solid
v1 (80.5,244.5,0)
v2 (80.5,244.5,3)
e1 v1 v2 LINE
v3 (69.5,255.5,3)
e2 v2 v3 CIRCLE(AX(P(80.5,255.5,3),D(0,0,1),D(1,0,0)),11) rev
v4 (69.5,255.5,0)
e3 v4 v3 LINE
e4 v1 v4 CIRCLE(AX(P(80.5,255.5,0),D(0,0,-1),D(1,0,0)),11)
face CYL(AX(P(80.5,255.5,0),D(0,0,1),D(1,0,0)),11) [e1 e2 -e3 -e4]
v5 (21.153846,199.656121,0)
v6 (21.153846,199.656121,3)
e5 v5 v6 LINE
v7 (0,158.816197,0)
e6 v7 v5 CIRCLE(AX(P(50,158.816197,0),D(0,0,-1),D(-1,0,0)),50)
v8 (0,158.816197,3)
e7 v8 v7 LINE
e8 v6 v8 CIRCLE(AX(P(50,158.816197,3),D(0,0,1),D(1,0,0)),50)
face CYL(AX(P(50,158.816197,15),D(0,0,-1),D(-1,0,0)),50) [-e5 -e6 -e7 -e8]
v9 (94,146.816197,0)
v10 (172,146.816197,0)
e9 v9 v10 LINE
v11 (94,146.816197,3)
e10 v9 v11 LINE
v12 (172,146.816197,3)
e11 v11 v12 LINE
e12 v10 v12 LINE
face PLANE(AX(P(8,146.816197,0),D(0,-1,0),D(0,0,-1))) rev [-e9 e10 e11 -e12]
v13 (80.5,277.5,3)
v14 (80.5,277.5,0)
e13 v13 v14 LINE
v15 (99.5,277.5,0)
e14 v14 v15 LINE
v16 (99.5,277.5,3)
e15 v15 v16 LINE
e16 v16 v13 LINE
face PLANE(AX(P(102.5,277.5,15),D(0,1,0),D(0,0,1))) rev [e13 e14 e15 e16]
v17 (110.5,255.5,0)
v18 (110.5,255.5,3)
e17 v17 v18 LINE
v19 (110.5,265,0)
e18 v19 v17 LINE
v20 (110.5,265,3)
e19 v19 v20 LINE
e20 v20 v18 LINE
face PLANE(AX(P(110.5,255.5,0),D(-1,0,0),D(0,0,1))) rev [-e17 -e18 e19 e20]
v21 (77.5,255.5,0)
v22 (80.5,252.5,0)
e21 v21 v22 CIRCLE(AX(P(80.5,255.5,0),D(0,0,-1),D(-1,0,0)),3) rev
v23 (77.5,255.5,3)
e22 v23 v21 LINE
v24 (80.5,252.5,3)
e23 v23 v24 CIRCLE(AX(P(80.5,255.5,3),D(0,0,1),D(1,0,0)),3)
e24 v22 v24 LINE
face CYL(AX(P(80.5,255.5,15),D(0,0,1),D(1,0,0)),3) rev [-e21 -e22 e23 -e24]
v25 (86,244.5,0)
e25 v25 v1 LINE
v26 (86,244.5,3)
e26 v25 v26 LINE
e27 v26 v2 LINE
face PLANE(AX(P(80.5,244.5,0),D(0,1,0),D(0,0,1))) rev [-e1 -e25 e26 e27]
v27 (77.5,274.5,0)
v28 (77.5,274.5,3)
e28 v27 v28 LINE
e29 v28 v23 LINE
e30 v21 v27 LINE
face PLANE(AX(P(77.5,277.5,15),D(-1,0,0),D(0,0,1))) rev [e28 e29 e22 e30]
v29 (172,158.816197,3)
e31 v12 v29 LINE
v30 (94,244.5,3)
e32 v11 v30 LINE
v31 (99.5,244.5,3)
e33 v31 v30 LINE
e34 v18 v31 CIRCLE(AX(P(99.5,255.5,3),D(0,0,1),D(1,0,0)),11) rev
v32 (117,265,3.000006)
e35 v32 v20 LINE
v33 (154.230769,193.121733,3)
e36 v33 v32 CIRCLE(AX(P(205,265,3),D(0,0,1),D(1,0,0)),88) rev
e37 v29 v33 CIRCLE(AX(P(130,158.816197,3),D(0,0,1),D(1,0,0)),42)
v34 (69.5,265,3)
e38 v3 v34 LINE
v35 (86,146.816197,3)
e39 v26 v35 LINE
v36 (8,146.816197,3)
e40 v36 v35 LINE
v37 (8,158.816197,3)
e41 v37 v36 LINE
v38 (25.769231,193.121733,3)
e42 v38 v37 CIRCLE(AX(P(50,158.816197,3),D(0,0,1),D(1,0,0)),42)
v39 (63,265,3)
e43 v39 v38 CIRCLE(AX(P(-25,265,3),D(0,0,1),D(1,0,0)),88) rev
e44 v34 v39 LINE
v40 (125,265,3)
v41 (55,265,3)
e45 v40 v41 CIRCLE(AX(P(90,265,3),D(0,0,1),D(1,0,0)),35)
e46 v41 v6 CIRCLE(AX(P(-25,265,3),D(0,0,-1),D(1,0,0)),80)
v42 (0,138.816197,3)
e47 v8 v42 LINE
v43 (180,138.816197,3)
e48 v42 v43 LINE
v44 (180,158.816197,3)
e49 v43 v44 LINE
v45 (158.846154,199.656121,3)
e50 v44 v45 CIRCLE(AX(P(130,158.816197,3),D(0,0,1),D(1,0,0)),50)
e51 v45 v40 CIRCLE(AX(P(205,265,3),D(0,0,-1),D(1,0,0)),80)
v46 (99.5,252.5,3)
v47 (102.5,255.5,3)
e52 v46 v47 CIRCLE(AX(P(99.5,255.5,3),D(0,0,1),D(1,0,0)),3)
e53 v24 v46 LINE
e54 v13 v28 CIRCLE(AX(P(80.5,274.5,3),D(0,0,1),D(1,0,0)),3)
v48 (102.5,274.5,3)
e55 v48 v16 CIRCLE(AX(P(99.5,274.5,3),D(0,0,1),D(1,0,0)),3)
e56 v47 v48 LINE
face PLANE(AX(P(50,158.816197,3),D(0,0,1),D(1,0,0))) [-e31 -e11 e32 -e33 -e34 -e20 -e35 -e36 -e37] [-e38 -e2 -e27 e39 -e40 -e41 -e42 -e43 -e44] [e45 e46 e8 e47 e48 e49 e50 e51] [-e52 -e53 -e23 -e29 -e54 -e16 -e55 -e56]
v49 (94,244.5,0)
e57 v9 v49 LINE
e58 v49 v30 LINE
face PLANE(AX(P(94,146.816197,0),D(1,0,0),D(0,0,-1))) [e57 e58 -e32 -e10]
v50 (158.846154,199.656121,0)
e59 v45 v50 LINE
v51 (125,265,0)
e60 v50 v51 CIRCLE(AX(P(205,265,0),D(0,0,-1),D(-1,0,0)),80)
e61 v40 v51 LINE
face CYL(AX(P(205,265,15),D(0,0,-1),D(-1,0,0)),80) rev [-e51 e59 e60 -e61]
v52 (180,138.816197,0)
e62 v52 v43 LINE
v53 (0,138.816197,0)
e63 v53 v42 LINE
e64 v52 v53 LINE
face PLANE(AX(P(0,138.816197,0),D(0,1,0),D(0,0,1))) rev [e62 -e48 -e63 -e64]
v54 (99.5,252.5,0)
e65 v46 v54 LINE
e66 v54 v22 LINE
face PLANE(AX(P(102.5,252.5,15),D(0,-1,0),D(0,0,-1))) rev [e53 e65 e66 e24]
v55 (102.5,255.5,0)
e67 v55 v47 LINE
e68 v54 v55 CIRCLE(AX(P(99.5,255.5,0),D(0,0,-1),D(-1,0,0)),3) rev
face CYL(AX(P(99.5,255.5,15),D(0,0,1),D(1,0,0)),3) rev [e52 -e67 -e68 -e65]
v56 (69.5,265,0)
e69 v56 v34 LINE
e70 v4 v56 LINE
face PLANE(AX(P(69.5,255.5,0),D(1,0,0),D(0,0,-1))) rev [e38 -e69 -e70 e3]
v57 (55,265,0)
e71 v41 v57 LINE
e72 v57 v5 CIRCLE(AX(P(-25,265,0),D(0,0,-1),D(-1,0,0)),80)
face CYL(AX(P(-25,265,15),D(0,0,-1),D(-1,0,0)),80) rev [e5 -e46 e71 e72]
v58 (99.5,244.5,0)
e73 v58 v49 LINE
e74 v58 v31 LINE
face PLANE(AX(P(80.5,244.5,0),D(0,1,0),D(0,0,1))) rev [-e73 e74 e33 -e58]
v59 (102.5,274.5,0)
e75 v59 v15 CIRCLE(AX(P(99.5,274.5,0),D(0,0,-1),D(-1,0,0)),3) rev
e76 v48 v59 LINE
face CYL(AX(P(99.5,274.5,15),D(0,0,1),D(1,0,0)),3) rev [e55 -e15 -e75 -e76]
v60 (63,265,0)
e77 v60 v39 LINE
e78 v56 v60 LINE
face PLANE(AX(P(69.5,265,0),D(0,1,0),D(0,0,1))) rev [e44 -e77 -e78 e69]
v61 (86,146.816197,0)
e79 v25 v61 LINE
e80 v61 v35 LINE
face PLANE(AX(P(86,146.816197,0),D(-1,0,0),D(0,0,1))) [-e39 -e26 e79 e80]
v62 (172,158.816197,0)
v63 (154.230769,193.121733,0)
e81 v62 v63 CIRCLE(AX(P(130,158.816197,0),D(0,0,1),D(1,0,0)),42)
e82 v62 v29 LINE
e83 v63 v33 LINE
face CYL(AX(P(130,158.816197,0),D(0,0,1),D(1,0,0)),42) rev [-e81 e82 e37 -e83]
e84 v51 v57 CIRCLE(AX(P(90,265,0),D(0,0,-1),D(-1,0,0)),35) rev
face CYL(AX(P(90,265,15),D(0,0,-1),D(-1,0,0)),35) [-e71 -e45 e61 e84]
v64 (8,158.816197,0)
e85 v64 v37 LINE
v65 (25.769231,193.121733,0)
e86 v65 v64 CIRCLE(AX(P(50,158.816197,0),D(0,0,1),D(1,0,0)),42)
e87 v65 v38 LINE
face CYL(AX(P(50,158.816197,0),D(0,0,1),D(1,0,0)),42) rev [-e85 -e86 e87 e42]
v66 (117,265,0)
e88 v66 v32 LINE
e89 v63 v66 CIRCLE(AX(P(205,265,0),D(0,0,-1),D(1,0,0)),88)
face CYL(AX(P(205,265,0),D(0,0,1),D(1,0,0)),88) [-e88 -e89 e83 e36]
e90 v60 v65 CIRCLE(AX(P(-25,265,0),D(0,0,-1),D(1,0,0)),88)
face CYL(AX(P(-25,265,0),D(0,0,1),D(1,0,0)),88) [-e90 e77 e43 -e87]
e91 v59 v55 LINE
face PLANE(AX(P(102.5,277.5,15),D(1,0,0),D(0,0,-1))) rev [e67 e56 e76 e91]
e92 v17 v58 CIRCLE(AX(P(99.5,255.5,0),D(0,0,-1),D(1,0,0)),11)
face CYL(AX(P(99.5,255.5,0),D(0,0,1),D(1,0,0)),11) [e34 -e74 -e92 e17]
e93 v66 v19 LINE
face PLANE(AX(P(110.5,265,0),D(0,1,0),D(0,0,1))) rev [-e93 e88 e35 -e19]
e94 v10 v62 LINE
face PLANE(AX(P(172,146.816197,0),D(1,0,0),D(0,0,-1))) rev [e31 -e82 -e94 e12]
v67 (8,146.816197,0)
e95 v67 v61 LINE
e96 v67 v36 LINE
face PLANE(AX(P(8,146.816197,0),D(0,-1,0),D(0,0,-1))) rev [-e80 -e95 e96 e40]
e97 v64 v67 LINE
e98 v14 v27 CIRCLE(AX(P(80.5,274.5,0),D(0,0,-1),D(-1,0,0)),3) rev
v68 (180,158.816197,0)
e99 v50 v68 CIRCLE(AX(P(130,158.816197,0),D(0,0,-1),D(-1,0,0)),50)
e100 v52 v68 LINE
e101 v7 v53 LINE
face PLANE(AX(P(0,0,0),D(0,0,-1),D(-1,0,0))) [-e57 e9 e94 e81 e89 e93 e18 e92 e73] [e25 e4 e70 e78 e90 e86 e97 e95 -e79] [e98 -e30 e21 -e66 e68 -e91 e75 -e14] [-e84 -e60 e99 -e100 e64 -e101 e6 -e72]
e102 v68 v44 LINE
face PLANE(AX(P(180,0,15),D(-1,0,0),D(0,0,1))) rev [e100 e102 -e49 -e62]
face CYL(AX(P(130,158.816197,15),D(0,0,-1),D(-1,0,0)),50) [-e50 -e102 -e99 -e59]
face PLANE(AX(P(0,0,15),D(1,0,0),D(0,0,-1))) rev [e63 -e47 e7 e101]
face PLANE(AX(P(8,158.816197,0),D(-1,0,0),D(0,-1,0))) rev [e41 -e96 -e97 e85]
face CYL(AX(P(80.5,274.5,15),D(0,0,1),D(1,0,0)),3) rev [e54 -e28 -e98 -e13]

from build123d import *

# Parameters (mm, degrees)
ESQUISSE1_W                  = 180
ESQUISSE1_H                  = 300
BOSS_EXTRU_1_DEPTH           = 15
ESQUISSE2_W                  = 180
ESQUISSE2_H                  = 8.1
ENL_V_MAT_EXTRU_1_DEPTH      = 5
ENL_V_MAT_EXTRU_2_DEPTH      = 10
ENL_V_START                  = -180
ENL_V_MAT_EXTRU_3_DEPTH      = 10
ENL_V_MAT_EXTRU_4_DEPTH      = 351.178525898
ENL_V_MAT_EXTRU_4_DEPTH_BACK = 351.178525898
CONG_1_R                     = 50
ENL_V_MAT_EXTRU_5_DEPTH      = 351.178525898
ENL_V_MAT_EXTRU_5_DEPTH_BACK = 351.178525898
ESQUISSE5_W                  = 25
ESQUISSE5_H                  = 25
CONG_2_R                     = 3
ENL_V_MAT_EXTRU_6_DEPTH      = 351.178525898
ENL_V_MAT_EXTRU_6_DEPTH_BACK = 351.178525898
ESQUISSE6_W                  = 180
ESQUISSE6_H                  = 138.816197092
ENL_V_MAT_EXTRU_7_DEPTH      = 12
ENL_V_MAT_EXTRU_8_DEPTH      = 350.869975848
ENL_V_MAT_EXTRU_8_DEPTH_BACK = 350.869975848
ESQUISSE10_W                 = 8
ESQUISSE10_H                 = 97.683802908
BOSS_EXTRU_2_DEPTH           = 3


with BuildPart() as part:
    # Esquisse1 → Boss.-Extru.1 (new body)
    with BuildSketch(Plane.XY):
        with Locations((90, 150)):
            Rectangle(ESQUISSE1_W, ESQUISSE1_H)
    extrude(amount=BOSS_EXTRU_1_DEPTH)

    # Esquisse2 → Enlèv. mat.-Extru.1 (cut)
    with BuildSketch(Plane.XY.offset(15)):
        with Locations((90, 12.05)):
            Rectangle(ESQUISSE2_W, ESQUISSE2_H)
    extrude(amount=-ENL_V_MAT_EXTRU_1_DEPTH, mode=Mode.SUBTRACT)

    # Esquisse3 → Enlèv. mat.-Extru.2 (cut)
    with BuildSketch(Plane.ZY):
        Polygon((0, 35), (0, 5), (15, 7.644904711), (15, 32.355095289), align=None)
        Polygon((0, 51), (15, 53.644904711), (15, 78.355095289), (0, 81), align=None)
    extrude(amount=-ENL_V_MAT_EXTRU_2_DEPTH, mode=Mode.SUBTRACT)

    # Esquisse3<2> → Enlèv. mat.-Extru.3 (cut)
    with BuildSketch(Plane.ZY.offset(ENL_V_START)):
        Polygon((0, 35), (0, 5), (15, 7.644904711), (15, 32.355095289), align=None)
        Polygon((0, 51), (15, 53.644904711), (15, 78.355095289), (0, 81), align=None)
    extrude(amount=ENL_V_MAT_EXTRU_3_DEPTH, mode=Mode.SUBTRACT)

    # Esquisse4 → Enlèv. mat.-Extru.4 (cut, two sides: drawn at the far end of the back side and taken through both)
    with BuildSketch(Plane(origin=(0, 0, 0), x_dir=(-1, 0, 0), z_dir=(0, 0, -1)).offset(-ENL_V_MAT_EXTRU_4_DEPTH_BACK)):
        with BuildLine():
            Line((0, 189.006579232), (0, 300))
            Line((0, 300), (-90, 310))
            Line((-90, 310), (-180, 300))
            Line((-180, 300), (-180, 189.006579232))
            ThreePointArc((-180, 189.006579232), (-140.192593016, 218.095842402), (-125, 265))
            ThreePointArc((-125, 265), (-90, 300), (-55, 265))
            ThreePointArc((-55, 265), (-39.807406984, 218.095842402), (0, 189.006579232))
        make_face()
    extrude(amount=ENL_V_MAT_EXTRU_4_DEPTH + ENL_V_MAT_EXTRU_4_DEPTH_BACK, mode=Mode.SUBTRACT)

    # Congé1
    cong_1_edges = [part.edges().sort_by_distance(p)[0] for p in [
        (0, 189.006579232, 7.5),
        (180, 189.006579232, 7.5),
    ]]
    fillet(cong_1_edges, radius=CONG_1_R)

    # Esquisse5 → Enlèv. mat.-Extru.5 (cut, two sides: drawn at the far end of the back side and taken through both)
    with BuildSketch(Plane(origin=(0, 0, 0), x_dir=(-1, 0, 0), z_dir=(0, 0, -1)).offset(-ENL_V_MAT_EXTRU_5_DEPTH_BACK)):
        with Locations((-90, 265)):
            Rectangle(ESQUISSE5_W, ESQUISSE5_H)
    extrude(amount=ENL_V_MAT_EXTRU_5_DEPTH + ENL_V_MAT_EXTRU_5_DEPTH_BACK, mode=Mode.SUBTRACT)

    # Congé2
    cong_2_edges = [part.edges().sort_by_distance(p)[0] for p in [
        (77.5, 277.5, 7.5),
        (77.5, 252.5, 7.5),
        (102.5, 252.5, 7.5),
        (102.5, 277.5, 7.5),
    ]]
    fillet(cong_2_edges, radius=CONG_2_R)

    # Esquisse6 → Enlèv. mat.-Extru.6 (cut, two sides: drawn at the far end of the back side and taken through both)
    with BuildSketch(Plane.XY.offset(15).offset(-ENL_V_MAT_EXTRU_6_DEPTH_BACK)):
        with Locations((90, 69.408098546)):
            Rectangle(ESQUISSE6_W, ESQUISSE6_H)
    extrude(amount=ENL_V_MAT_EXTRU_6_DEPTH + ENL_V_MAT_EXTRU_6_DEPTH_BACK, mode=Mode.SUBTRACT)

    # Esquisse8 → Enlèv. mat.-Extru.7 (cut)
    with BuildSketch(Plane.XY.offset(15)):
        with BuildLine():
            Line((0, 158.816197092), (0, 138.816197092))
            Line((0, 138.816197092), (180, 138.816197092))
            Line((180, 138.816197092), (180, 158.816197092))
            ThreePointArc((180, 158.816197092), (174.397678387, 181.812852367), (158.846153846, 199.656121287))
            ThreePointArc((158.846153846, 199.656121287), (133.963714581, 228.20535156), (125, 265))
            ThreePointArc((125, 265), (90, 300), (55, 265))
            ThreePointArc((55, 265), (46.036285419, 228.20535156), (21.153846154, 199.656121287))
            ThreePointArc((21.153846154, 199.656121287), (5.602321613, 181.812852367), (0, 158.816197092))
        make_face()
        with BuildLine():
            Line((102.5, 274.5), (102.5, 255.5))
            ThreePointArc((102.5, 255.5), (101.621320344, 253.378679656), (99.5, 252.5))
            Line((99.5, 252.5), (80.5, 252.5))
            ThreePointArc((80.5, 252.5), (78.378679656, 253.378679656), (77.5, 255.5))
            Line((77.5, 255.5), (77.5, 274.5))
            ThreePointArc((77.5, 274.5), (78.378679656, 276.621320344), (80.5, 277.5))
            Line((80.5, 277.5), (99.5, 277.5))
            ThreePointArc((99.5, 277.5), (101.621320344, 276.621320344), (102.5, 274.5))
        make_face(mode=Mode.SUBTRACT)
    extrude(amount=-ENL_V_MAT_EXTRU_7_DEPTH, mode=Mode.SUBTRACT)

    # Esquisse9 → Enlèv. mat.-Extru.8 (cut, two sides: drawn at the far end of the back side and taken through both)
    with BuildSketch(Plane.XY.offset(3).offset(-ENL_V_MAT_EXTRU_8_DEPTH_BACK)):
        with BuildLine():
            Line((110.5, 255.5), (110.5, 265))
            Line((110.5, 265), (117, 265))
            ThreePointArc((117, 265), (126.860086039, 224.525886716), (154.230769231, 193.121733416))
            ThreePointArc((154.230769231, 193.121733416), (167.294049845, 178.133387523), (172, 158.816197092))
            Line((172, 158.816197092), (172, 146.816197092))
            Line((172, 146.816197092), (8, 146.816197092))
            Line((8, 146.816197092), (8, 158.816197092))
            ThreePointArc((8, 158.816197092), (12.705950155, 178.133387523), (25.769230769, 193.121733416))
            ThreePointArc((25.769230769, 193.121733416), (53.139913961, 224.525886716), (63, 265))
            Line((63, 265), (69.5, 265))
            Line((69.5, 265), (69.5, 255.5))
            ThreePointArc((69.5, 255.5), (72.721825407, 247.721825407), (80.5, 244.5))
            Line((80.5, 244.5), (99.5, 244.5))
            ThreePointArc((99.5, 244.5), (107.278174593, 247.721825407), (110.5, 255.5))
        make_face()
    extrude(amount=ENL_V_MAT_EXTRU_8_DEPTH + ENL_V_MAT_EXTRU_8_DEPTH_BACK, mode=Mode.SUBTRACT)

    # Esquisse10 → Boss.-Extru.2 (add)
    with BuildSketch(Plane.XY.offset(3)):
        with Locations((90, 195.658098546)):
            Rectangle(ESQUISSE10_W, ESQUISSE10_H)
    extrude(amount=-BOSS_EXTRU_2_DEPTH)


solid = part.part
